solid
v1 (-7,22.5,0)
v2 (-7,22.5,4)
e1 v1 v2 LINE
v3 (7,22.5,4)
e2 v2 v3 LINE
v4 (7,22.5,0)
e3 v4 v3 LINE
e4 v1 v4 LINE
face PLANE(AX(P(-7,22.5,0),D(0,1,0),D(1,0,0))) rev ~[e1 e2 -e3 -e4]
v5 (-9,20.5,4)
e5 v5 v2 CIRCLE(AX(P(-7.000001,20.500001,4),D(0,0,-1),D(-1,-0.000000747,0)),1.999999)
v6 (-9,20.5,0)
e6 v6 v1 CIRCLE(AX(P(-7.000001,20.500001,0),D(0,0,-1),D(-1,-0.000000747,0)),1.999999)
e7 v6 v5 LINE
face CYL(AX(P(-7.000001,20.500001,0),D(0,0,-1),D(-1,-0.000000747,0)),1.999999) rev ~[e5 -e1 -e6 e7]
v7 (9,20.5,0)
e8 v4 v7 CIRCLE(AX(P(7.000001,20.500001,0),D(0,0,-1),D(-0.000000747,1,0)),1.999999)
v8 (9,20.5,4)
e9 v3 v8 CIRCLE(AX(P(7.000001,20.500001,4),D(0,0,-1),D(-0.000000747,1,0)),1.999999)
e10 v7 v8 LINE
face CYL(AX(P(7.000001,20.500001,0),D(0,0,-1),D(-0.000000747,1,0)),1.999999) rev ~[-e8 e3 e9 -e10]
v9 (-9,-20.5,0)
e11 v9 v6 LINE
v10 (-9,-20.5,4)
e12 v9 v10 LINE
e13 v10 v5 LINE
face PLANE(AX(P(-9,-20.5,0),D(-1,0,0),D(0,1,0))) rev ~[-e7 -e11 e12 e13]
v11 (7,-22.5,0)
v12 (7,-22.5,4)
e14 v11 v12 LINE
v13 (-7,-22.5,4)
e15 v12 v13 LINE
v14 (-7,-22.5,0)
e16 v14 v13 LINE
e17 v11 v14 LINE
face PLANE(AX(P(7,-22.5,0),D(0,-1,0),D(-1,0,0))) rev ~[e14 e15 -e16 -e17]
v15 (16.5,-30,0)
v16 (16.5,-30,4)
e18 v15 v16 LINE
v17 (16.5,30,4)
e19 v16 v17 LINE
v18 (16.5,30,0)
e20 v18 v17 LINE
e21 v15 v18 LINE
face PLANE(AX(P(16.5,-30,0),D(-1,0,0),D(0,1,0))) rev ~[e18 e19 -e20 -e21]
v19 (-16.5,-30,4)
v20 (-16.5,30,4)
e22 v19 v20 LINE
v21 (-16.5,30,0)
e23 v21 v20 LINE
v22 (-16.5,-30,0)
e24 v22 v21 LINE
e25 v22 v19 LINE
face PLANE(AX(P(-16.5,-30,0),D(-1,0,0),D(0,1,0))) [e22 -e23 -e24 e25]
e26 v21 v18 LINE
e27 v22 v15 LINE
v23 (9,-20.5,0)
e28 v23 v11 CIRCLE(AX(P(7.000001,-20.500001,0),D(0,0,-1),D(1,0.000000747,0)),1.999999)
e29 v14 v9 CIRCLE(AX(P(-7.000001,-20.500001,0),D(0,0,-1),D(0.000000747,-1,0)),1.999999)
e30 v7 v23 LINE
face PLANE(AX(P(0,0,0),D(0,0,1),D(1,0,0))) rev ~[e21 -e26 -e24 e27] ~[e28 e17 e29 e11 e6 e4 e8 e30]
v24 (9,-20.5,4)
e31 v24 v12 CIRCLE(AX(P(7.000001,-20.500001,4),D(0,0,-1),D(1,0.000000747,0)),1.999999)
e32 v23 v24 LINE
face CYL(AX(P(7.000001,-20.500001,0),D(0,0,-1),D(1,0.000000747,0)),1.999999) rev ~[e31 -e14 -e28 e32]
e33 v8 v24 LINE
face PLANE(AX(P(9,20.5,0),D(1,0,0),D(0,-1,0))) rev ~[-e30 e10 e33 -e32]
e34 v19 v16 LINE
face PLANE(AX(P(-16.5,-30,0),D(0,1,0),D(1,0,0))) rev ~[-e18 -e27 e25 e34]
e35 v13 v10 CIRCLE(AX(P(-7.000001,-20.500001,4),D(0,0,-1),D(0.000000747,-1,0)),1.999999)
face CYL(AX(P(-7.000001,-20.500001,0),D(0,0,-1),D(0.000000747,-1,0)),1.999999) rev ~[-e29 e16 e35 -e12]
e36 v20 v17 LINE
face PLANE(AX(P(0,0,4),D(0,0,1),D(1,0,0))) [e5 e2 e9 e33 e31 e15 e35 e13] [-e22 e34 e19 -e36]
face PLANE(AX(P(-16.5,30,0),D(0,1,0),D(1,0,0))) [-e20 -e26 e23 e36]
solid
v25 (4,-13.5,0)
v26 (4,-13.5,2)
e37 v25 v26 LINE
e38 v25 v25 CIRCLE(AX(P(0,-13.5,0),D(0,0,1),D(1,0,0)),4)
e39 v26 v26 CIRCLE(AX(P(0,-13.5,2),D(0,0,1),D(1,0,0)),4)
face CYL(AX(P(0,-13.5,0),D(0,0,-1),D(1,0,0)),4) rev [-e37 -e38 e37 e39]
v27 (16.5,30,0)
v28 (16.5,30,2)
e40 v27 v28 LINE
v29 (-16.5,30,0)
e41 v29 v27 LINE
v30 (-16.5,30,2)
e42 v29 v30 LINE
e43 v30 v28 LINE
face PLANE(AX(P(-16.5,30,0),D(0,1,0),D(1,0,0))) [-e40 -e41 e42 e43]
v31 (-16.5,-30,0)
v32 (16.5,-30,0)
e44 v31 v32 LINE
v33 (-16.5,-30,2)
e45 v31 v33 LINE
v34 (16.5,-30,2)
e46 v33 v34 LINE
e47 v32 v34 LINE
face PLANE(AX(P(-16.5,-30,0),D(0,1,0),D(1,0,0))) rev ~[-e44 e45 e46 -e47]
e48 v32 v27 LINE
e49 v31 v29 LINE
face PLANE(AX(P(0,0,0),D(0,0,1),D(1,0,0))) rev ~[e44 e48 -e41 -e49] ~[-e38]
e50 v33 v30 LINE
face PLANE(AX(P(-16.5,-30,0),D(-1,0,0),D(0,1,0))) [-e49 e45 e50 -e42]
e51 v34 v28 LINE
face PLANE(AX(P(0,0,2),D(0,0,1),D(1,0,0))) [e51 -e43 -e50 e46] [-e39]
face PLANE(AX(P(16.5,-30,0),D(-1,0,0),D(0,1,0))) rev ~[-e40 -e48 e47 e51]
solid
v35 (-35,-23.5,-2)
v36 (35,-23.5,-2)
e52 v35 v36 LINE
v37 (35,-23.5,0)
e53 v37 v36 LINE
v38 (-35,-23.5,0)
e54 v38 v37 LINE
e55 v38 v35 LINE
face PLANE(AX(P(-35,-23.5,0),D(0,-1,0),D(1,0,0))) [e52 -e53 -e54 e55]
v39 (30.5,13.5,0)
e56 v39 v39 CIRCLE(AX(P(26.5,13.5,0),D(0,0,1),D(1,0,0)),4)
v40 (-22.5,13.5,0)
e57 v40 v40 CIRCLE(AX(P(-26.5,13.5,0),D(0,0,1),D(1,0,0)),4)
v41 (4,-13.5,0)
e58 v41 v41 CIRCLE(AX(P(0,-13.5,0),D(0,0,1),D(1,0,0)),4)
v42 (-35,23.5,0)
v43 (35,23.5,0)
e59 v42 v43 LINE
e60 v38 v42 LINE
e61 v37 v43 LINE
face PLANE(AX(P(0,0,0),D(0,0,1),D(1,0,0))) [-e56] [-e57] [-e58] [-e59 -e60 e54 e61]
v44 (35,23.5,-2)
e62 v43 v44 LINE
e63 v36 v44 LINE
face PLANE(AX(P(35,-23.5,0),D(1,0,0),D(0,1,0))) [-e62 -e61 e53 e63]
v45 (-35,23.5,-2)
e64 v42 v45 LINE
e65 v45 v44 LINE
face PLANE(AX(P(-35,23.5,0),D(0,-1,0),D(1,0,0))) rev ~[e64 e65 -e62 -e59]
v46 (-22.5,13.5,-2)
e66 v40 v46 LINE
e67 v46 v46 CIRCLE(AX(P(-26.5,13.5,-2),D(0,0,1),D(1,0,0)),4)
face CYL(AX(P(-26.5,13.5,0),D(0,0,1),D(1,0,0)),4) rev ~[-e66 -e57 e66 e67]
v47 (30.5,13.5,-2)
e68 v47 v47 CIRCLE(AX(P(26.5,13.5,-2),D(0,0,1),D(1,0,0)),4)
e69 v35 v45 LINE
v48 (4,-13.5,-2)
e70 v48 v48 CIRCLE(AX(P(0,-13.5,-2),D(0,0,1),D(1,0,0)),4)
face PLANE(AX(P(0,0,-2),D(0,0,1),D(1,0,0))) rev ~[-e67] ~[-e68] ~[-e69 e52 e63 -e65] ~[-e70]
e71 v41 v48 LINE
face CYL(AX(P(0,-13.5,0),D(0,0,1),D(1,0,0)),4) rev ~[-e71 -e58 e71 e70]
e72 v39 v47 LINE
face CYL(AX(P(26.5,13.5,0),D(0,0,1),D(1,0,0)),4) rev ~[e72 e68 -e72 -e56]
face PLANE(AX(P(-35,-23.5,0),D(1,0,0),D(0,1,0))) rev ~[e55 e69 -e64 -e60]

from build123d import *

# Parameters (mm, degrees)
F0_W     = 70
F0_H     = 47
F0_R     = 4
F2_DEPTH = 2
F3_W     = 33
F3_H     = 60
F3_R     = 4
F4_DEPTH = 2
F1_W     = 33
F1_H     = 60
F5_DEPTH = 4


with BuildPart() as f2:
    # F0 (on Top) → F2 (new body)
    with BuildSketch(Plane.XY):
        Rectangle(F0_W, F0_H)
        with Locations((0, -13.5)):
            Circle(F0_R, mode=Mode.SUBTRACT)
        with Locations((-26.5, 13.5)):
            Circle(F0_R, mode=Mode.SUBTRACT)
        with Locations((26.5, 13.5)):
            Circle(F0_R, mode=Mode.SUBTRACT)
    extrude(amount=-F2_DEPTH)


with BuildPart() as f4:
    # F3 (on Top) → F4 (new body)
    with BuildSketch(Plane.XY):
        Rectangle(F3_W, F3_H)
        with Locations((0, -13.5)):
            Circle(F3_R, mode=Mode.SUBTRACT)
    extrude(amount=F4_DEPTH)


with BuildPart() as f5:
    # F1 (on Top) → F5 (new body)
    with BuildSketch(Plane.XY):
        Rectangle(F1_W, F1_H)
        with BuildLine():
            ThreePointArc((9, -20.5), (8.414214, -21.914214), (7, -22.5))
            Line((7, -22.5), (-7, -22.5))
            ThreePointArc((-7, -22.5), (-8.414214, -21.914214), (-9, -20.5))
            Line((-9, -20.5), (-9, 20.5))
            ThreePointArc((-9, 20.5), (-8.414214, 21.914214), (-7, 22.5))
            Line((-7, 22.5), (7, 22.5))
            ThreePointArc((7, 22.5), (8.414214, 21.914214), (9, 20.5))
            Line((9, 20.5), (9, -20.5))
        make_face(mode=Mode.SUBTRACT)
    extrude(amount=F5_DEPTH)


solid = Compound([f2.part, f4.part, f5.part])
